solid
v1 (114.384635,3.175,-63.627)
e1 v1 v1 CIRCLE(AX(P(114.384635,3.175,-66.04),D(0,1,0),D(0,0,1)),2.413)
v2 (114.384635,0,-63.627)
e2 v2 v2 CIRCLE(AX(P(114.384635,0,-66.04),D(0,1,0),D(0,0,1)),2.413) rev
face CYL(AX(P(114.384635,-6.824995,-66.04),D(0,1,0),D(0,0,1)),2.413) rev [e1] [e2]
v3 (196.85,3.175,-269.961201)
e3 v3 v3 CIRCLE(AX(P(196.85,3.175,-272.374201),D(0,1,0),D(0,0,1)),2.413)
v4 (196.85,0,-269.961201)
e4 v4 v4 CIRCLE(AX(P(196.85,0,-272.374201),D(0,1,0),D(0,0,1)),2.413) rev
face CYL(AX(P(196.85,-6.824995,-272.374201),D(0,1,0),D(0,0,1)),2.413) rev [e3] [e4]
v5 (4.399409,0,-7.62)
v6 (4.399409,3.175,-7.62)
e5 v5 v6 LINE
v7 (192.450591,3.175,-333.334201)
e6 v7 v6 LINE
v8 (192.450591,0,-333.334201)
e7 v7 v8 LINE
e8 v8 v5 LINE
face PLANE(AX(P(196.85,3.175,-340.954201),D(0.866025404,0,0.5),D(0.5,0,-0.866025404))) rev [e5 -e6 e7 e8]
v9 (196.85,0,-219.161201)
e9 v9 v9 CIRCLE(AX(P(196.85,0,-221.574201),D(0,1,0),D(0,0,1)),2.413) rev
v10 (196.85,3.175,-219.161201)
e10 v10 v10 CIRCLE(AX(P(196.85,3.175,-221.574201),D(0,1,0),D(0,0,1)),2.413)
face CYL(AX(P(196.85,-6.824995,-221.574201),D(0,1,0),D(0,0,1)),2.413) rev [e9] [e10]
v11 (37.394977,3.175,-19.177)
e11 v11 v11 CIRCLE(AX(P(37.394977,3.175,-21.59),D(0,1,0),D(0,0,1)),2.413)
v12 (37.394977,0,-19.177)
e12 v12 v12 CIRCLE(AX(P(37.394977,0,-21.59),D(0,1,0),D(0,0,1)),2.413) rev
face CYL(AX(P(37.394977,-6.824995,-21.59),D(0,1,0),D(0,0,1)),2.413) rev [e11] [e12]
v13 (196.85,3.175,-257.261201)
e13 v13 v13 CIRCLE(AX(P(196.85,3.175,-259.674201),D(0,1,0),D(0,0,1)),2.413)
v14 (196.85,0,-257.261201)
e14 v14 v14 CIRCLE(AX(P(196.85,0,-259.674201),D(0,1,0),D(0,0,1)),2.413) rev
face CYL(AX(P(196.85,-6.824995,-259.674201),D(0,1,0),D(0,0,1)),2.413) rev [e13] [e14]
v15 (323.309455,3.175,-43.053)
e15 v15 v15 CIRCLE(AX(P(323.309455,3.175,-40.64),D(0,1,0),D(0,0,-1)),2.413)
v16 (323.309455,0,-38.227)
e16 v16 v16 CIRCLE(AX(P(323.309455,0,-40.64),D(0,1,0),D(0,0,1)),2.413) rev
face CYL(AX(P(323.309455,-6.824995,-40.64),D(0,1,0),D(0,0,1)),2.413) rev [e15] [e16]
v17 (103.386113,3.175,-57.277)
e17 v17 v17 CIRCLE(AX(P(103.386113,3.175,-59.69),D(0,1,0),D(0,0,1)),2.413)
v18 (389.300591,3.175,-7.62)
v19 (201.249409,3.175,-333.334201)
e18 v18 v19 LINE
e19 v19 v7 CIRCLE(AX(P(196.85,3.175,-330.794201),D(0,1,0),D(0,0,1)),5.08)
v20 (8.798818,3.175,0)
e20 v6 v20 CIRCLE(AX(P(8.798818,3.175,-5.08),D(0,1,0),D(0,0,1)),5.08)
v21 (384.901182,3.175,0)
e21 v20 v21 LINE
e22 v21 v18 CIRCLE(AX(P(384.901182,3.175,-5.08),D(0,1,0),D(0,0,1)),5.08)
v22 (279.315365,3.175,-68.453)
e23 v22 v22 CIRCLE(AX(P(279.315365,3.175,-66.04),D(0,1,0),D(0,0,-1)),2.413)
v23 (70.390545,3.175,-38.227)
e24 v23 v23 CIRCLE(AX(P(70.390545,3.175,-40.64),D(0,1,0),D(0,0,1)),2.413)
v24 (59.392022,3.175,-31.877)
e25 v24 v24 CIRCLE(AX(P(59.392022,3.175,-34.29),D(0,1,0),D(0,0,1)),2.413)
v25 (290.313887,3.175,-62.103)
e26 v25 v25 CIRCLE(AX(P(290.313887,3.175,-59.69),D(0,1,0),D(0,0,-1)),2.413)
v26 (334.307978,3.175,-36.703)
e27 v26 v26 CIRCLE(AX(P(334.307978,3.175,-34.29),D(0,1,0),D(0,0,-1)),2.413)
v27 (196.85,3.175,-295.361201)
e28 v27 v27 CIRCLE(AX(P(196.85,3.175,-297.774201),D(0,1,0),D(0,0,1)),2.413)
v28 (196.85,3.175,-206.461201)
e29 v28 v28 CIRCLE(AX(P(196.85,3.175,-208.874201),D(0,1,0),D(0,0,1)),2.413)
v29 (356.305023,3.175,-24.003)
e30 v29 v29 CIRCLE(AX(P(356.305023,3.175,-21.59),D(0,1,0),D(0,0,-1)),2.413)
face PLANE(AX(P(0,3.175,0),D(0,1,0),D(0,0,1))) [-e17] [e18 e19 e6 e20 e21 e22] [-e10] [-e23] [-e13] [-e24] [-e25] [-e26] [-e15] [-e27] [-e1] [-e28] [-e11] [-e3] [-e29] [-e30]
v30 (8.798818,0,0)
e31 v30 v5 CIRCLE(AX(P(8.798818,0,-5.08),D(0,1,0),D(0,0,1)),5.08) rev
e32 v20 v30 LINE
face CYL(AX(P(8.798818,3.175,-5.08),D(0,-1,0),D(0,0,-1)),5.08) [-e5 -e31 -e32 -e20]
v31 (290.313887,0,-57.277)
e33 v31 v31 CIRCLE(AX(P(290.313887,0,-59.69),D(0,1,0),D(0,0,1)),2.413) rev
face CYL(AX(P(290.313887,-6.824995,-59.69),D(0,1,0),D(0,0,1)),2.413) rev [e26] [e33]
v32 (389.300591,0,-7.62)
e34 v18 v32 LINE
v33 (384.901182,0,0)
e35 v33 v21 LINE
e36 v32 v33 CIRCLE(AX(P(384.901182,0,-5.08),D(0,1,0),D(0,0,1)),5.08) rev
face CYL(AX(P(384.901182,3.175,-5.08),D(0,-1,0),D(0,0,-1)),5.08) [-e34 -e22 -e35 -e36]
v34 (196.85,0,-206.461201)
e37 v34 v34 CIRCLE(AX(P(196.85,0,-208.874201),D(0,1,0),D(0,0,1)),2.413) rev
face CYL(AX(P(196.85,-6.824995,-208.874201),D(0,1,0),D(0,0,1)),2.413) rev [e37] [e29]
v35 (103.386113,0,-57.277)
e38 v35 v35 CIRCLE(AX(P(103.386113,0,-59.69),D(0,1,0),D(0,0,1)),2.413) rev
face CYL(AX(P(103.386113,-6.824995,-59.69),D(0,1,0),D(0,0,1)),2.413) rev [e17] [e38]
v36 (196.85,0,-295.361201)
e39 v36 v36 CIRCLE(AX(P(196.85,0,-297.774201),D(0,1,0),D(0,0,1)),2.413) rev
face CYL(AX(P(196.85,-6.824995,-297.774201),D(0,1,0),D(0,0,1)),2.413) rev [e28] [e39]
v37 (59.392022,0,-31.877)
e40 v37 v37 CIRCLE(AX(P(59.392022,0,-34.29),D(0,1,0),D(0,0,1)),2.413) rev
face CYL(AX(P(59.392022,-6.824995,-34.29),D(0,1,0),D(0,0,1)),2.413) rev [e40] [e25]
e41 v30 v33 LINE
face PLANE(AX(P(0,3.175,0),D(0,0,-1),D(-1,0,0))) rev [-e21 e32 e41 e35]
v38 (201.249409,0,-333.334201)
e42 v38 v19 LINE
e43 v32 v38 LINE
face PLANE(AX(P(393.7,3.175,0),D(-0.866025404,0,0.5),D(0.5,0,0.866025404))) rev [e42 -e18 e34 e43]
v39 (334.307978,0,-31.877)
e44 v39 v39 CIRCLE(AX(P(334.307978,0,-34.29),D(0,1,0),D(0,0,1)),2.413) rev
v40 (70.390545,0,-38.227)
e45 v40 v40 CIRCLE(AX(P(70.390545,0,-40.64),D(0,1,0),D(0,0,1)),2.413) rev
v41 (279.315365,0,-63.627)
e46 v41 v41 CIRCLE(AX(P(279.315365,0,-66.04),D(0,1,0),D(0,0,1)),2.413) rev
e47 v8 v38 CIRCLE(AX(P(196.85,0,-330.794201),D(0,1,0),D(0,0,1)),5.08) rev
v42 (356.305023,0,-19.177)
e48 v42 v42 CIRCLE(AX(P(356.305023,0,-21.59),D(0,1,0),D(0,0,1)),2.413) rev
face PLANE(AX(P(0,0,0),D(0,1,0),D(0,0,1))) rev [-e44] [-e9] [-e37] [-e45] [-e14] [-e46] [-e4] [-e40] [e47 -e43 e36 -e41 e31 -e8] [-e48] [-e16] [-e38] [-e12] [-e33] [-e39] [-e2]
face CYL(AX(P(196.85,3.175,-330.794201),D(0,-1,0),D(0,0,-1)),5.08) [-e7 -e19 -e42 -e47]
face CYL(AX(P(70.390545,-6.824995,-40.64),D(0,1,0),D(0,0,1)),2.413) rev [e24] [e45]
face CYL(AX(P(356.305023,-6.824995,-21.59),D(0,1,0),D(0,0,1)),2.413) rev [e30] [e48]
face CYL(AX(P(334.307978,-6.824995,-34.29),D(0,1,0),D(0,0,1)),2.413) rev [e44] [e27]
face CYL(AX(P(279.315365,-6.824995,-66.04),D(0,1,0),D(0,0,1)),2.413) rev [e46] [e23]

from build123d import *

# Parameters (mm, degrees)
BOSS_EXTRUDE1_DEPTH = 3.175
FILLET1_R           = 5.08
SKETCH2_R           = 2.413
CUT_EXTRUDE1_DEPTH  = 14.153467


with BuildPart() as part:
    # Sketch1 → Boss-Extrude1 (new body)
    with BuildSketch(Plane(origin=(0, 0, 0), x_dir=(1, 0, 0), z_dir=(0, 1, 0))):
        Polygon((0, 0), (393.7, 0), (196.85, 340.95420147), align=None)
    extrude(amount=BOSS_EXTRUDE1_DEPTH)

    # Fillet1
    fillet1_edges = [part.edges().sort_by_distance(p)[0] for p in [
        (196.85, 1.5875, -340.95420147),
        (393.7, 1.5875, 0),
        (0, 1.5875, 0),
    ]]
    fillet(fillet1_edges, radius=FILLET1_R)

    # Sketch2 → Cut-Extrude1 (cut)
    with BuildSketch(Plane(origin=(0, 3.175, 0), x_dir=(1, 0, 0), z_dir=(0, 1, 0))):
        with Locations((37.394976935, 21.59)):
            Circle(SKETCH2_R)
        with Locations((59.392022192, 34.29)):
            Circle(SKETCH2_R)
        with Locations((70.39054482, 40.64)):
            Circle(SKETCH2_R)
        with Locations((114.384635332, 66.04)):
            Circle(SKETCH2_R)
        with Locations((103.386112704, 59.69)):
            Circle(SKETCH2_R)
        with Locations((196.85, 297.77420147)):
            Circle(SKETCH2_R)
        with Locations((196.85, 272.37420147)):
            Circle(SKETCH2_R)
        with Locations((196.85, 259.67420147)):
            Circle(SKETCH2_R)
        with Locations((196.85, 221.57420147)):
            Circle(SKETCH2_R)
        with Locations((196.85, 208.87420147)):
            Circle(SKETCH2_R)
        with Locations((279.315364668, 66.04)):
            Circle(SKETCH2_R)
        with Locations((290.313887296, 59.69)):
            Circle(SKETCH2_R)
        with Locations((323.30945518, 40.64)):
            Circle(SKETCH2_R)
        with Locations((334.307977808, 34.29)):
            Circle(SKETCH2_R)
        with Locations((356.305023065, 21.59)):
            Circle(SKETCH2_R)
    extrude(amount=-CUT_EXTRUDE1_DEPTH, mode=Mode.SUBTRACT)


solid = part.part
